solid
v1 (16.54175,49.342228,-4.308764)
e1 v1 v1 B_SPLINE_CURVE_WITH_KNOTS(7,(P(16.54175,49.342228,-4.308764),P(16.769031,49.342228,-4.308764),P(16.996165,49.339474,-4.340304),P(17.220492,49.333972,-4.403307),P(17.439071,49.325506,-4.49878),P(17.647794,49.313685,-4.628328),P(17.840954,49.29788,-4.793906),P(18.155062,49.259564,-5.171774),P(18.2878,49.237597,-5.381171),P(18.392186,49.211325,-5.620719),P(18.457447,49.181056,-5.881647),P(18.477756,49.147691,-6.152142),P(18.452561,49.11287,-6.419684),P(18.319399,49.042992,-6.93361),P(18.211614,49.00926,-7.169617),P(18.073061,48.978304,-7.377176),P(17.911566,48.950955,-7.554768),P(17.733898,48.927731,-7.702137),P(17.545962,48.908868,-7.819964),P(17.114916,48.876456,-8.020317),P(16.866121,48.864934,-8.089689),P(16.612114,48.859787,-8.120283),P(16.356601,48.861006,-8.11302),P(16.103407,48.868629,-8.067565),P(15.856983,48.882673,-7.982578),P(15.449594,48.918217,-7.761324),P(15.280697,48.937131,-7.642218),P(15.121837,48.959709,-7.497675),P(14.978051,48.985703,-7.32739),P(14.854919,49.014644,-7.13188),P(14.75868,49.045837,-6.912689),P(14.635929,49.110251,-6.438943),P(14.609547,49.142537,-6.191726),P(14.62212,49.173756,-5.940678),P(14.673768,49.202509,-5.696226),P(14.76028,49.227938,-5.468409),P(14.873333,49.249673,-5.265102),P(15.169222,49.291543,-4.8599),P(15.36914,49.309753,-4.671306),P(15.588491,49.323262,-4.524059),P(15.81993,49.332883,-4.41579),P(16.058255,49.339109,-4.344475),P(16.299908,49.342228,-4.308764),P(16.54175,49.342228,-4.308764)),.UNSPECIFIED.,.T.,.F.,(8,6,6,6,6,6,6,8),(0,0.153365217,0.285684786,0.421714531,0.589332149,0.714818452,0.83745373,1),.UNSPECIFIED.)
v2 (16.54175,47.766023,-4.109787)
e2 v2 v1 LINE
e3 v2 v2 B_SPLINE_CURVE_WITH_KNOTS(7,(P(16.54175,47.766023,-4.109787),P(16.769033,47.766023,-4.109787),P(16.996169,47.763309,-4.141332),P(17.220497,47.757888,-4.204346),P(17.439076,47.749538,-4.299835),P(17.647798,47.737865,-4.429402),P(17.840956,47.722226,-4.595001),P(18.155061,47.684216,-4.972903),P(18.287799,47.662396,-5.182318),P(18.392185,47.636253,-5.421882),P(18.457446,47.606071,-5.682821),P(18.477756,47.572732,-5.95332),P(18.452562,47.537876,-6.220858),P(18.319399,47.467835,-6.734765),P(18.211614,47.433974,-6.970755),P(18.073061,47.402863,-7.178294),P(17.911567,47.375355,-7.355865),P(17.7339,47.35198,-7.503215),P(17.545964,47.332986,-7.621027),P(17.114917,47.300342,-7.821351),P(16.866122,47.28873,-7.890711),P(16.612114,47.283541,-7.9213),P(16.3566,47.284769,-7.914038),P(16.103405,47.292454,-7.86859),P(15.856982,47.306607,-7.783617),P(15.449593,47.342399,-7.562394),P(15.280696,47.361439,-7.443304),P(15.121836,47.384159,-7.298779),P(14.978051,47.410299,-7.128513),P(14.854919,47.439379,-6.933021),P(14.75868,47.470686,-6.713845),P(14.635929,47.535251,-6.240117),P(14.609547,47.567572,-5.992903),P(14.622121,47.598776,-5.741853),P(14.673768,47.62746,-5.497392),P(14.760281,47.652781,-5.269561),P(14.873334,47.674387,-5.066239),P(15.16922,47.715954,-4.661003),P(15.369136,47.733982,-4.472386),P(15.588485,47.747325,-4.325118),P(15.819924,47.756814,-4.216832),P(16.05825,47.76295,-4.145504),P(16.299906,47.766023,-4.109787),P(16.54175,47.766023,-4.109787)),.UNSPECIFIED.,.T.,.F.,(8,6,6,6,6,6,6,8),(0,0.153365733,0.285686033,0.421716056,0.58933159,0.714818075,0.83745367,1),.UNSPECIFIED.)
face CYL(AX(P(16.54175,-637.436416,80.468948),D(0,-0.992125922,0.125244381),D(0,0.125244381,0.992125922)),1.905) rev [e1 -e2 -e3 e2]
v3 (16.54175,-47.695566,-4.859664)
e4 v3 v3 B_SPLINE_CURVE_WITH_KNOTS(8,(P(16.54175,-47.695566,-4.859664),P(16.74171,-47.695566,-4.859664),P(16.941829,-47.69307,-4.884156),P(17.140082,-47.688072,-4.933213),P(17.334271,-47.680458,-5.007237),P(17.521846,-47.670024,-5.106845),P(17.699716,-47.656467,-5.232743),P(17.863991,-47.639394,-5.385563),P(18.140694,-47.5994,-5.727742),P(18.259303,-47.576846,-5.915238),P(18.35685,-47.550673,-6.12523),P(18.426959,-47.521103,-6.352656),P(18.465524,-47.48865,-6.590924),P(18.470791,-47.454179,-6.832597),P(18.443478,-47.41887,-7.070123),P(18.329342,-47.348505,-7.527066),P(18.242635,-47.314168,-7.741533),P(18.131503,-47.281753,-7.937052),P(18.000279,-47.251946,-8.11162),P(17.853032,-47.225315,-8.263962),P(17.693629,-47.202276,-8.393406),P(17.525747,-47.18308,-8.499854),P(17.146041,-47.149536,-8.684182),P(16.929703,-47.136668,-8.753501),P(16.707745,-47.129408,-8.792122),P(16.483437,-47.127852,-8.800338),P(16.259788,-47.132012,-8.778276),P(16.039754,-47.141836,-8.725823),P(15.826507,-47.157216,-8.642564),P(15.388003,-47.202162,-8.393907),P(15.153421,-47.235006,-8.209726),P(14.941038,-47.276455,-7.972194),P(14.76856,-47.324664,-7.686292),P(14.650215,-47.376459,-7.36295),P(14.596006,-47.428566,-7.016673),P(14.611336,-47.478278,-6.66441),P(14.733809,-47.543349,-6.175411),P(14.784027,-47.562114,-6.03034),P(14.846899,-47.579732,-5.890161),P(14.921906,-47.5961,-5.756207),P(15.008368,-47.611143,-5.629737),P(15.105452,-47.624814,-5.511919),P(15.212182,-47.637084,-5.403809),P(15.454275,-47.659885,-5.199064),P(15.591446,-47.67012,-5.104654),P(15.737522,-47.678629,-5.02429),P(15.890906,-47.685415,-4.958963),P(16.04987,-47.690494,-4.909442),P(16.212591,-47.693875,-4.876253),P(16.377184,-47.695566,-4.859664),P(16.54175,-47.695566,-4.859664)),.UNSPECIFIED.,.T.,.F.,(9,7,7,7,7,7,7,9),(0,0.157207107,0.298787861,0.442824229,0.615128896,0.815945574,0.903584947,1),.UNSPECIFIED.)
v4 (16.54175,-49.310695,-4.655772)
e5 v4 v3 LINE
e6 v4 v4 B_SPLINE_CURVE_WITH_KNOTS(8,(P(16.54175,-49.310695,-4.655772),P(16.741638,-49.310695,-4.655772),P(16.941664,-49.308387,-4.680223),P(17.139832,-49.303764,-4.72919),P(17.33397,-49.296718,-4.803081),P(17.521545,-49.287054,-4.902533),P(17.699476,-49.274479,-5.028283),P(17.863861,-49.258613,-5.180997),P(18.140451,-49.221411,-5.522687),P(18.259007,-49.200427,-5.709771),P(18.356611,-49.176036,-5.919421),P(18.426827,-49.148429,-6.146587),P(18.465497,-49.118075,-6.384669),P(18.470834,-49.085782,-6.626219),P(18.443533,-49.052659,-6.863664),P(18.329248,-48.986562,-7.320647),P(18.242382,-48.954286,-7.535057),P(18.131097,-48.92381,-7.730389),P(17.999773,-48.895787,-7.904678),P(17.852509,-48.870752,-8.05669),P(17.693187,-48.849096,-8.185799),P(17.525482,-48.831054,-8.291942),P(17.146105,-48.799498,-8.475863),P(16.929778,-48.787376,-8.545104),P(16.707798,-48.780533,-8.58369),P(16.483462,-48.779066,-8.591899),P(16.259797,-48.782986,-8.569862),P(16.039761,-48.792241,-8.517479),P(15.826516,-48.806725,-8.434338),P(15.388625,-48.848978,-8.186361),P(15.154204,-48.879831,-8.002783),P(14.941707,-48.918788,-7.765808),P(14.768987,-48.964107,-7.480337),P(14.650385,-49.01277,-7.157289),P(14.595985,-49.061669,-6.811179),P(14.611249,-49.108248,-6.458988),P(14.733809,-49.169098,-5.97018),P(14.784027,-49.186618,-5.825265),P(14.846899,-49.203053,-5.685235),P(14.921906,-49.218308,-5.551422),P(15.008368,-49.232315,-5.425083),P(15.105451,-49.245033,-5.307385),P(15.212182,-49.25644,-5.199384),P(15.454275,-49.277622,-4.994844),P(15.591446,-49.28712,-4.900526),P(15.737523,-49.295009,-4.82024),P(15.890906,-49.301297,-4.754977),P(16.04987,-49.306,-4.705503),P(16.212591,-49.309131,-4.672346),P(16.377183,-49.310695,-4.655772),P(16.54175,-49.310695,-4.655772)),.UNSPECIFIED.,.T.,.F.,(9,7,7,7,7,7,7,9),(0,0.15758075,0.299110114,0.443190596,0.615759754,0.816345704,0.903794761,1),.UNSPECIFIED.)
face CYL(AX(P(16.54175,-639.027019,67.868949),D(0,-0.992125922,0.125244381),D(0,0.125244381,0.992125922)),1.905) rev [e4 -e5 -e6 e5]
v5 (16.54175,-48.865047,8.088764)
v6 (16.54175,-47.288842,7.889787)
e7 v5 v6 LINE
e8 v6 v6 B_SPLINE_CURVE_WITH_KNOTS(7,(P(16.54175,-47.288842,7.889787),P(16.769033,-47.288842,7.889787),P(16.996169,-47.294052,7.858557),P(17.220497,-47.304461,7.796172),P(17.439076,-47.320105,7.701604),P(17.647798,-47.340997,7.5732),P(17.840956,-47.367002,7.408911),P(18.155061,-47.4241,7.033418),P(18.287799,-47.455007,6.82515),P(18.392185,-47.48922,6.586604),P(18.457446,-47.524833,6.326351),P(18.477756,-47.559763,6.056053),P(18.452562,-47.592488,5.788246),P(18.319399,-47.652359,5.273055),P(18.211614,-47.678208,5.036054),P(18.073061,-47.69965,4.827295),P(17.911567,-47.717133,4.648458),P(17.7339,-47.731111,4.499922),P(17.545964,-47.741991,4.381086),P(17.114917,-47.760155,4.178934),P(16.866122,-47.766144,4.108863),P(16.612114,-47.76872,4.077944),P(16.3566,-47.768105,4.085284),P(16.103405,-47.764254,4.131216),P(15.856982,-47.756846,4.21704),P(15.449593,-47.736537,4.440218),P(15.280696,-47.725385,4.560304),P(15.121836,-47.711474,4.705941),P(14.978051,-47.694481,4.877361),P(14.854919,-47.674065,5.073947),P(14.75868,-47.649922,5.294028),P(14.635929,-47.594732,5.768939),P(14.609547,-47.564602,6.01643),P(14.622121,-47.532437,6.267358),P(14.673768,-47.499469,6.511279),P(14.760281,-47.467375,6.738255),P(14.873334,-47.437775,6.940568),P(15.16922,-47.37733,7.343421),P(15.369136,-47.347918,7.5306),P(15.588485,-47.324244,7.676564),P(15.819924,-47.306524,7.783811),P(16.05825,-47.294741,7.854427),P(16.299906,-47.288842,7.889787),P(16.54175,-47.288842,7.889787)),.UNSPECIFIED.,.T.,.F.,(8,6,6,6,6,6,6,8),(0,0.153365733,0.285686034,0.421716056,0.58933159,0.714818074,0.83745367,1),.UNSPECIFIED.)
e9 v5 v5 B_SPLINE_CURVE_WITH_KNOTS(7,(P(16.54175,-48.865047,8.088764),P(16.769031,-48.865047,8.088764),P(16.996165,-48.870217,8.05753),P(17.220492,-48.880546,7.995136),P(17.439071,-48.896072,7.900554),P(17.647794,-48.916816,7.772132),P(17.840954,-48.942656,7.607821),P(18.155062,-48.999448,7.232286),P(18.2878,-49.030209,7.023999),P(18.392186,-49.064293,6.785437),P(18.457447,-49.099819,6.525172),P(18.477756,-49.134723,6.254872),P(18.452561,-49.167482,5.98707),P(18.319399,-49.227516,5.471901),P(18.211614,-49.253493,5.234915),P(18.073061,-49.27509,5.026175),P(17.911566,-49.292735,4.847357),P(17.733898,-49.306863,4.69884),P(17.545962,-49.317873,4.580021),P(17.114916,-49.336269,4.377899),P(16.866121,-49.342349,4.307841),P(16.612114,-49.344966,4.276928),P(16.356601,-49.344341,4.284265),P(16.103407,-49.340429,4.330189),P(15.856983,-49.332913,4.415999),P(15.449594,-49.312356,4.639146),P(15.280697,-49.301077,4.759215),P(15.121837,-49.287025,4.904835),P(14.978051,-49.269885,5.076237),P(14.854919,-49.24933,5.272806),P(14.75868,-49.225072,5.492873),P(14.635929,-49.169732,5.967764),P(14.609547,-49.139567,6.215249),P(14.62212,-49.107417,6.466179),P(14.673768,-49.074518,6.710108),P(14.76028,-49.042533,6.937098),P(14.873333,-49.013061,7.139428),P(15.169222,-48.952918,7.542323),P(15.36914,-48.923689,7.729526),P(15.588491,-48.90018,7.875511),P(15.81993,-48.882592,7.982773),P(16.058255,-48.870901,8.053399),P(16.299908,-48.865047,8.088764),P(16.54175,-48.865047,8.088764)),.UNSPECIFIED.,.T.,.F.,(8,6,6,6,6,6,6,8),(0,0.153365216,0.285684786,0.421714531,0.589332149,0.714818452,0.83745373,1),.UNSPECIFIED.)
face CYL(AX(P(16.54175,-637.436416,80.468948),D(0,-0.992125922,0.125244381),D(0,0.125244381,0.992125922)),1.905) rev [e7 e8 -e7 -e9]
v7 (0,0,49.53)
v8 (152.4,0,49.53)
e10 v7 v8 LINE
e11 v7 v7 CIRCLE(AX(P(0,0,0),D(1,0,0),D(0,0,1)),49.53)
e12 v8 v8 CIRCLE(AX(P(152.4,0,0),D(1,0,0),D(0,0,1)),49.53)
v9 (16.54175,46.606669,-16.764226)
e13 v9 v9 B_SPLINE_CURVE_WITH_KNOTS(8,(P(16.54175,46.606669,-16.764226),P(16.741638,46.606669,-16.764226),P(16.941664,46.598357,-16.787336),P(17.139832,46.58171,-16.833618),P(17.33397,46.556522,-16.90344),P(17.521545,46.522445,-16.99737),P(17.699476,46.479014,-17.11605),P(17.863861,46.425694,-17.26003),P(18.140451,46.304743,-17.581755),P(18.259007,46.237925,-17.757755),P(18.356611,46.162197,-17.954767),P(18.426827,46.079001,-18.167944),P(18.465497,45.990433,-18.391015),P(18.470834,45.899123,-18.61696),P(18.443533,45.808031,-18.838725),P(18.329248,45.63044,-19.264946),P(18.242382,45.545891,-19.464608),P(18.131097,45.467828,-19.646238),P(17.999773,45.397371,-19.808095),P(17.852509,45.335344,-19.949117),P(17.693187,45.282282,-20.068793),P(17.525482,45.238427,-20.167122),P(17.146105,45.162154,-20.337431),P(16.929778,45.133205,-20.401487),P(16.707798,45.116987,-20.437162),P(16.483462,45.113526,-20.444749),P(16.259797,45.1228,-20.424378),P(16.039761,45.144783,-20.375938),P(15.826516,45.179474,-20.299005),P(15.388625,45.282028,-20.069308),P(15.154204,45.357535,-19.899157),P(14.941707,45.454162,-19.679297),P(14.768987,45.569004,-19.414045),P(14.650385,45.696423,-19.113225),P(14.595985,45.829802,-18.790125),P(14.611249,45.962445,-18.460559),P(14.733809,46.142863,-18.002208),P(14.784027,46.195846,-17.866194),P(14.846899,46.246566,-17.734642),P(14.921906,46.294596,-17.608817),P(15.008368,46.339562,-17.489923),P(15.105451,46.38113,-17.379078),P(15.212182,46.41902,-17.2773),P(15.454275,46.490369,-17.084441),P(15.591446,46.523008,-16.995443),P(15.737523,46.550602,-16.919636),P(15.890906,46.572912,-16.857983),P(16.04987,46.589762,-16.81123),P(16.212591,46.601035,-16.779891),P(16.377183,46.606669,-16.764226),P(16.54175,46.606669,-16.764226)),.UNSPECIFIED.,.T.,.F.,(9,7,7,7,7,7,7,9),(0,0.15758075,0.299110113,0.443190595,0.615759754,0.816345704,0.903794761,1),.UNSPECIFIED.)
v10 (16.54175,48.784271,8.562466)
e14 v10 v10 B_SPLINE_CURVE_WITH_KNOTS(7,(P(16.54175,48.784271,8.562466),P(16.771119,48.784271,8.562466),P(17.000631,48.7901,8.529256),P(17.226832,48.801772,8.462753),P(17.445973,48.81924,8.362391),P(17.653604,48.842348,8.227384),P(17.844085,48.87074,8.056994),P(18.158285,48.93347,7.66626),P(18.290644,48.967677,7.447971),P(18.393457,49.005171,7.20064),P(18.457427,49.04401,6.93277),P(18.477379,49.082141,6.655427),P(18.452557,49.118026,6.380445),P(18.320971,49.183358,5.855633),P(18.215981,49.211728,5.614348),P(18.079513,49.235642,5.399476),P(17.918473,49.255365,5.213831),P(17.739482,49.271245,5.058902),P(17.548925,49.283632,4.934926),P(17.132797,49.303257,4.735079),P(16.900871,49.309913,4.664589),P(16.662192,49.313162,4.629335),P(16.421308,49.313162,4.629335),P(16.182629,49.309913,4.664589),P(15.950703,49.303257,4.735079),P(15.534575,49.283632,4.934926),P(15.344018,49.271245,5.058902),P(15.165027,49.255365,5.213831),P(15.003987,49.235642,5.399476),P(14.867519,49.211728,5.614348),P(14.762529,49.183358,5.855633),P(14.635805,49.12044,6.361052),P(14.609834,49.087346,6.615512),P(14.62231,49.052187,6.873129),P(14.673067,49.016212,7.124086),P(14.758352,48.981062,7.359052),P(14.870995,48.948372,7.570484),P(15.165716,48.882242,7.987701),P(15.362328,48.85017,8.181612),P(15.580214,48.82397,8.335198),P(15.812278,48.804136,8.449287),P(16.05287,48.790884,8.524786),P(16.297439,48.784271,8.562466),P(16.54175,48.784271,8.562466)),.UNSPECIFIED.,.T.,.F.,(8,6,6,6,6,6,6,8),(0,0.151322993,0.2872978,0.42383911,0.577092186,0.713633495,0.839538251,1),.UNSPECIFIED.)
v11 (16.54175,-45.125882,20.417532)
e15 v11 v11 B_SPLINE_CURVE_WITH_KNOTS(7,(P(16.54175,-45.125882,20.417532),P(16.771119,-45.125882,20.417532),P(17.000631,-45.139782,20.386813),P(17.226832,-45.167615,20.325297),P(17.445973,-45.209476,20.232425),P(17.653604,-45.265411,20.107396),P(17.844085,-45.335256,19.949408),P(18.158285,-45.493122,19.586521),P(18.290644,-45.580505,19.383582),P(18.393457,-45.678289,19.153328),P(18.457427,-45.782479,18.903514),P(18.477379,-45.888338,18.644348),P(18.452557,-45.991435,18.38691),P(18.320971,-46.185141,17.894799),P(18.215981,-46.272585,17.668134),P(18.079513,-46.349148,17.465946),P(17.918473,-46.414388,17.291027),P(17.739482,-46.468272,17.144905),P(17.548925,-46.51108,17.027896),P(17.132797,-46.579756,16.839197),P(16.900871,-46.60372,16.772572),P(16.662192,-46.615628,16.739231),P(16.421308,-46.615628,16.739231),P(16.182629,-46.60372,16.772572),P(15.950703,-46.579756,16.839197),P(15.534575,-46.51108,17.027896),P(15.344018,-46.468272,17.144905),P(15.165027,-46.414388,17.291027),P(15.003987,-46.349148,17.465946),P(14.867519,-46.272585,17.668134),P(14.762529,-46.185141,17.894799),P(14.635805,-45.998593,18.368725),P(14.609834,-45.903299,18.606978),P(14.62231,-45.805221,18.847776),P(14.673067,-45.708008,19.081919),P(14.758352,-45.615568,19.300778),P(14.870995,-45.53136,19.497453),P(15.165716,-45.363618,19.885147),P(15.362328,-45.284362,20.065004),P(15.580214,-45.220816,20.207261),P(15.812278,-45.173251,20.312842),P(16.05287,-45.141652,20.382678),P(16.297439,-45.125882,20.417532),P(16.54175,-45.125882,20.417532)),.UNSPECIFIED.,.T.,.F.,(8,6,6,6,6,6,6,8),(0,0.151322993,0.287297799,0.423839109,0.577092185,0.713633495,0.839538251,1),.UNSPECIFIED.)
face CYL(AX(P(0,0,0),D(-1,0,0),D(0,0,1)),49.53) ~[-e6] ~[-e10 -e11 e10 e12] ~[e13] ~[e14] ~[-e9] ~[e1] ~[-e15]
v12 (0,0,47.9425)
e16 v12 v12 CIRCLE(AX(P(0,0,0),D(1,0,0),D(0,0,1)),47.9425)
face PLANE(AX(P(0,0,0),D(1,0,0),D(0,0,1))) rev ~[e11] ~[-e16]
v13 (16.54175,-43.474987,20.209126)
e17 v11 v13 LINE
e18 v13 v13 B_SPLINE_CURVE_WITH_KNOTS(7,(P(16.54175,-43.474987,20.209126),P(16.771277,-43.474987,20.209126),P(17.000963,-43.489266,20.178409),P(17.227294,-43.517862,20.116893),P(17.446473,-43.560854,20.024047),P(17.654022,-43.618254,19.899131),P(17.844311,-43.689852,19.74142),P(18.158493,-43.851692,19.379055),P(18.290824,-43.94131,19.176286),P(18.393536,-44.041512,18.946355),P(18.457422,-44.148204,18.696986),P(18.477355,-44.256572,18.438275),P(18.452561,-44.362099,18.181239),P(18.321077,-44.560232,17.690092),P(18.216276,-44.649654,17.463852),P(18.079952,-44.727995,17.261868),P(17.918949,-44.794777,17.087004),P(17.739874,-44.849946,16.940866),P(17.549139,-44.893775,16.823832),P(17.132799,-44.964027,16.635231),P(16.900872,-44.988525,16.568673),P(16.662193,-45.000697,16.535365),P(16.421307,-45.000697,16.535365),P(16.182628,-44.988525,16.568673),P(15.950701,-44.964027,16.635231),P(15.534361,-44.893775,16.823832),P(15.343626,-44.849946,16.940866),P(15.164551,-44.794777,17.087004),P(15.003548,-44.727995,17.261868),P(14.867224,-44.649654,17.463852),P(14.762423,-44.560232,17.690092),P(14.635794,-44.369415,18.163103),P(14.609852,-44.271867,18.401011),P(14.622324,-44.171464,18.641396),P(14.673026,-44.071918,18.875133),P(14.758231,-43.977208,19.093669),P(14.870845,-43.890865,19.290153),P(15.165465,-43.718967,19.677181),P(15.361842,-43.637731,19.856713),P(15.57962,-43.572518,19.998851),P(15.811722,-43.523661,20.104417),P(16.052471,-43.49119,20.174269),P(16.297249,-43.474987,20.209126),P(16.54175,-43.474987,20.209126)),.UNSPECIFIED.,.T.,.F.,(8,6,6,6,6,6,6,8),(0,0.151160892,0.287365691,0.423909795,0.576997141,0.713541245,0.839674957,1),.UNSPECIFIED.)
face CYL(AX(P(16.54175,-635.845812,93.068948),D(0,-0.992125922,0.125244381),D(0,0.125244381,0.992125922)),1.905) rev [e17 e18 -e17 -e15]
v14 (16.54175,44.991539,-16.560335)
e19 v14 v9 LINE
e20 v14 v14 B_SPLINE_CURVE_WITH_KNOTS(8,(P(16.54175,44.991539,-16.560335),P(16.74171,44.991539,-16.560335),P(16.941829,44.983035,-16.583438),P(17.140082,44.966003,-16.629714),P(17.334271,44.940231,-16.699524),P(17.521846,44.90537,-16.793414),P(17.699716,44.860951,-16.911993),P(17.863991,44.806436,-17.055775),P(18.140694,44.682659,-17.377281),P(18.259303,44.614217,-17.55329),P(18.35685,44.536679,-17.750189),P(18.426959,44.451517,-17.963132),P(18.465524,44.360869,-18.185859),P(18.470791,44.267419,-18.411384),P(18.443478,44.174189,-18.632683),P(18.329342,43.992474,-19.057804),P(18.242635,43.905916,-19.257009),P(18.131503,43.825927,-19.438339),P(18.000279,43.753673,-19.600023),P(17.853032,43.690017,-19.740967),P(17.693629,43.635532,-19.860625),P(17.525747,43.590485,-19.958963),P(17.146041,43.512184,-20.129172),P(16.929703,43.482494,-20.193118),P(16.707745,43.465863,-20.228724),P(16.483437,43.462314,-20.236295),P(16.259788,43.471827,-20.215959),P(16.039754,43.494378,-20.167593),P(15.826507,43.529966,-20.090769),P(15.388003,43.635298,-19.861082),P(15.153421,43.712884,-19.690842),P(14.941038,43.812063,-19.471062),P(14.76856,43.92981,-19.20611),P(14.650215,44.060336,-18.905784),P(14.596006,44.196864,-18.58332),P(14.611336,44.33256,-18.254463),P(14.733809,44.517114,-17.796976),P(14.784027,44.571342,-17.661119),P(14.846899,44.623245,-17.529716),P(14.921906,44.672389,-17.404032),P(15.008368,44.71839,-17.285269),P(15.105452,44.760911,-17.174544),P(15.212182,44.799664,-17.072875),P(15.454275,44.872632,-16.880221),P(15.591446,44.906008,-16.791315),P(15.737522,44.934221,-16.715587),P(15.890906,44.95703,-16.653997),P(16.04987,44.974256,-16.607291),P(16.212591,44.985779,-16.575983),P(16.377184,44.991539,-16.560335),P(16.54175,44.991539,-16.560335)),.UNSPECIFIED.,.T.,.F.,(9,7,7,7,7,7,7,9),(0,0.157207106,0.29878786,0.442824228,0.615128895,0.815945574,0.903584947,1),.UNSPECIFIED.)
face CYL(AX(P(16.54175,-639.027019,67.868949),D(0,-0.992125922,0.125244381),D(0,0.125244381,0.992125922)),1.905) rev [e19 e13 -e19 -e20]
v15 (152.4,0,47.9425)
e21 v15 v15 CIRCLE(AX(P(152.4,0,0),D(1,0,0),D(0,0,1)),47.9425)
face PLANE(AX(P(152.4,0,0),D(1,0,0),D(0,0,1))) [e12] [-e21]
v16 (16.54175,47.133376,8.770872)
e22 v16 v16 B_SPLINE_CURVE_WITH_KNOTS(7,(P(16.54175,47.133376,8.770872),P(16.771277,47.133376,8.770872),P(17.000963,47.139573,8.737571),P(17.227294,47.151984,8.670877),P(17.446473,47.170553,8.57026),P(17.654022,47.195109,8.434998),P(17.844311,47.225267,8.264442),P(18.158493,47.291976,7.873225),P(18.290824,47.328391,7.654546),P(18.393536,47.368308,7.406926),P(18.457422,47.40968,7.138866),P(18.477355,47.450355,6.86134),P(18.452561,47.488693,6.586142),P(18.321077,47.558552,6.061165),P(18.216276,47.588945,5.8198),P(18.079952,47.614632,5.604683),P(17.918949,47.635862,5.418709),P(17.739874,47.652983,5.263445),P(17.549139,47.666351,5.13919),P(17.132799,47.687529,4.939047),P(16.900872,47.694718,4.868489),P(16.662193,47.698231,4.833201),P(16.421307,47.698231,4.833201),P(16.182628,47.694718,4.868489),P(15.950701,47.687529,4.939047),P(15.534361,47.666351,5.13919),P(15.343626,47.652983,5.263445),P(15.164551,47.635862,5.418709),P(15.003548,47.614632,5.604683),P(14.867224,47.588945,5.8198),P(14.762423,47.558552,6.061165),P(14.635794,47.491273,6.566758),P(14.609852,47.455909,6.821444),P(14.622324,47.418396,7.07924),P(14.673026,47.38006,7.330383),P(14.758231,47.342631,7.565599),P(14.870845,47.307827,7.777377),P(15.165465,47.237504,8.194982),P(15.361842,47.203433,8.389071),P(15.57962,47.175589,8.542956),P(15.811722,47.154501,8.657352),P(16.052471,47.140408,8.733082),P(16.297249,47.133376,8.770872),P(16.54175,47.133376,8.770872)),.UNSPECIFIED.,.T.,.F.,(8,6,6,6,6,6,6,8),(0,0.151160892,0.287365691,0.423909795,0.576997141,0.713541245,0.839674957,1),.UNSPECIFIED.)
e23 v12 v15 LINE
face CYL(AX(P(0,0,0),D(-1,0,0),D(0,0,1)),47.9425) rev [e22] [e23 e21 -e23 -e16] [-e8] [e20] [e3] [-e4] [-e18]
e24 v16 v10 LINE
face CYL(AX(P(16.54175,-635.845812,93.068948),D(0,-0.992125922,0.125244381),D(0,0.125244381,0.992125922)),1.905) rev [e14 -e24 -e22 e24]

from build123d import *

# Parameters (mm, degrees)
SKETCH1_R               = 49.53
SKETCH1_R_2             = 47.9425
BOSS_EXTRUDE1_DEPTH     = 152.4
CUT_EXTRUDE1_DEPTH      = 642.495475246
CUT_EXTRUDE1_DEPTH_BACK = 642.495475246
SKETCH2_R               = 1.905


with BuildPart() as part:
    # Sketch1 → Boss-Extrude1 (new body)
    with BuildSketch(Plane(origin=(0, 0, 0), x_dir=(0, 0, -1), z_dir=(1, 0, 0))):
        with Locations(Location((0, 0, 0), (0, 0, 180))):
            Circle(SKETCH1_R)
        with Locations(Location((0, 0, 0), (0, 0, 180))):
            Circle(SKETCH1_R_2, mode=Mode.SUBTRACT)
    extrude(amount=BOSS_EXTRUDE1_DEPTH)

    # Sketch2 → Cut-Extrude1 (cut, two sides: drawn at the far end of the back side and taken through both)
    with BuildSketch(Plane(origin=(-485.259786219, 0, 0), x_dir=(0, 0.12524438136346008, 0.9921259219156024), z_dir=(0, 0.9921259219156026, -0.12524438136346008)).offset(-CUT_EXTRUDE1_DEPTH_BACK)):
        with Locations((12.7, 501.801536219)):
            Circle(SKETCH2_R)
        with Locations((0, 501.801536219)):
            Circle(SKETCH2_R)
        with Locations((-12.7, 501.801536219)):
            Circle(SKETCH2_R)
    extrude(amount=CUT_EXTRUDE1_DEPTH + CUT_EXTRUDE1_DEPTH_BACK, mode=Mode.SUBTRACT)


solid = part.part
